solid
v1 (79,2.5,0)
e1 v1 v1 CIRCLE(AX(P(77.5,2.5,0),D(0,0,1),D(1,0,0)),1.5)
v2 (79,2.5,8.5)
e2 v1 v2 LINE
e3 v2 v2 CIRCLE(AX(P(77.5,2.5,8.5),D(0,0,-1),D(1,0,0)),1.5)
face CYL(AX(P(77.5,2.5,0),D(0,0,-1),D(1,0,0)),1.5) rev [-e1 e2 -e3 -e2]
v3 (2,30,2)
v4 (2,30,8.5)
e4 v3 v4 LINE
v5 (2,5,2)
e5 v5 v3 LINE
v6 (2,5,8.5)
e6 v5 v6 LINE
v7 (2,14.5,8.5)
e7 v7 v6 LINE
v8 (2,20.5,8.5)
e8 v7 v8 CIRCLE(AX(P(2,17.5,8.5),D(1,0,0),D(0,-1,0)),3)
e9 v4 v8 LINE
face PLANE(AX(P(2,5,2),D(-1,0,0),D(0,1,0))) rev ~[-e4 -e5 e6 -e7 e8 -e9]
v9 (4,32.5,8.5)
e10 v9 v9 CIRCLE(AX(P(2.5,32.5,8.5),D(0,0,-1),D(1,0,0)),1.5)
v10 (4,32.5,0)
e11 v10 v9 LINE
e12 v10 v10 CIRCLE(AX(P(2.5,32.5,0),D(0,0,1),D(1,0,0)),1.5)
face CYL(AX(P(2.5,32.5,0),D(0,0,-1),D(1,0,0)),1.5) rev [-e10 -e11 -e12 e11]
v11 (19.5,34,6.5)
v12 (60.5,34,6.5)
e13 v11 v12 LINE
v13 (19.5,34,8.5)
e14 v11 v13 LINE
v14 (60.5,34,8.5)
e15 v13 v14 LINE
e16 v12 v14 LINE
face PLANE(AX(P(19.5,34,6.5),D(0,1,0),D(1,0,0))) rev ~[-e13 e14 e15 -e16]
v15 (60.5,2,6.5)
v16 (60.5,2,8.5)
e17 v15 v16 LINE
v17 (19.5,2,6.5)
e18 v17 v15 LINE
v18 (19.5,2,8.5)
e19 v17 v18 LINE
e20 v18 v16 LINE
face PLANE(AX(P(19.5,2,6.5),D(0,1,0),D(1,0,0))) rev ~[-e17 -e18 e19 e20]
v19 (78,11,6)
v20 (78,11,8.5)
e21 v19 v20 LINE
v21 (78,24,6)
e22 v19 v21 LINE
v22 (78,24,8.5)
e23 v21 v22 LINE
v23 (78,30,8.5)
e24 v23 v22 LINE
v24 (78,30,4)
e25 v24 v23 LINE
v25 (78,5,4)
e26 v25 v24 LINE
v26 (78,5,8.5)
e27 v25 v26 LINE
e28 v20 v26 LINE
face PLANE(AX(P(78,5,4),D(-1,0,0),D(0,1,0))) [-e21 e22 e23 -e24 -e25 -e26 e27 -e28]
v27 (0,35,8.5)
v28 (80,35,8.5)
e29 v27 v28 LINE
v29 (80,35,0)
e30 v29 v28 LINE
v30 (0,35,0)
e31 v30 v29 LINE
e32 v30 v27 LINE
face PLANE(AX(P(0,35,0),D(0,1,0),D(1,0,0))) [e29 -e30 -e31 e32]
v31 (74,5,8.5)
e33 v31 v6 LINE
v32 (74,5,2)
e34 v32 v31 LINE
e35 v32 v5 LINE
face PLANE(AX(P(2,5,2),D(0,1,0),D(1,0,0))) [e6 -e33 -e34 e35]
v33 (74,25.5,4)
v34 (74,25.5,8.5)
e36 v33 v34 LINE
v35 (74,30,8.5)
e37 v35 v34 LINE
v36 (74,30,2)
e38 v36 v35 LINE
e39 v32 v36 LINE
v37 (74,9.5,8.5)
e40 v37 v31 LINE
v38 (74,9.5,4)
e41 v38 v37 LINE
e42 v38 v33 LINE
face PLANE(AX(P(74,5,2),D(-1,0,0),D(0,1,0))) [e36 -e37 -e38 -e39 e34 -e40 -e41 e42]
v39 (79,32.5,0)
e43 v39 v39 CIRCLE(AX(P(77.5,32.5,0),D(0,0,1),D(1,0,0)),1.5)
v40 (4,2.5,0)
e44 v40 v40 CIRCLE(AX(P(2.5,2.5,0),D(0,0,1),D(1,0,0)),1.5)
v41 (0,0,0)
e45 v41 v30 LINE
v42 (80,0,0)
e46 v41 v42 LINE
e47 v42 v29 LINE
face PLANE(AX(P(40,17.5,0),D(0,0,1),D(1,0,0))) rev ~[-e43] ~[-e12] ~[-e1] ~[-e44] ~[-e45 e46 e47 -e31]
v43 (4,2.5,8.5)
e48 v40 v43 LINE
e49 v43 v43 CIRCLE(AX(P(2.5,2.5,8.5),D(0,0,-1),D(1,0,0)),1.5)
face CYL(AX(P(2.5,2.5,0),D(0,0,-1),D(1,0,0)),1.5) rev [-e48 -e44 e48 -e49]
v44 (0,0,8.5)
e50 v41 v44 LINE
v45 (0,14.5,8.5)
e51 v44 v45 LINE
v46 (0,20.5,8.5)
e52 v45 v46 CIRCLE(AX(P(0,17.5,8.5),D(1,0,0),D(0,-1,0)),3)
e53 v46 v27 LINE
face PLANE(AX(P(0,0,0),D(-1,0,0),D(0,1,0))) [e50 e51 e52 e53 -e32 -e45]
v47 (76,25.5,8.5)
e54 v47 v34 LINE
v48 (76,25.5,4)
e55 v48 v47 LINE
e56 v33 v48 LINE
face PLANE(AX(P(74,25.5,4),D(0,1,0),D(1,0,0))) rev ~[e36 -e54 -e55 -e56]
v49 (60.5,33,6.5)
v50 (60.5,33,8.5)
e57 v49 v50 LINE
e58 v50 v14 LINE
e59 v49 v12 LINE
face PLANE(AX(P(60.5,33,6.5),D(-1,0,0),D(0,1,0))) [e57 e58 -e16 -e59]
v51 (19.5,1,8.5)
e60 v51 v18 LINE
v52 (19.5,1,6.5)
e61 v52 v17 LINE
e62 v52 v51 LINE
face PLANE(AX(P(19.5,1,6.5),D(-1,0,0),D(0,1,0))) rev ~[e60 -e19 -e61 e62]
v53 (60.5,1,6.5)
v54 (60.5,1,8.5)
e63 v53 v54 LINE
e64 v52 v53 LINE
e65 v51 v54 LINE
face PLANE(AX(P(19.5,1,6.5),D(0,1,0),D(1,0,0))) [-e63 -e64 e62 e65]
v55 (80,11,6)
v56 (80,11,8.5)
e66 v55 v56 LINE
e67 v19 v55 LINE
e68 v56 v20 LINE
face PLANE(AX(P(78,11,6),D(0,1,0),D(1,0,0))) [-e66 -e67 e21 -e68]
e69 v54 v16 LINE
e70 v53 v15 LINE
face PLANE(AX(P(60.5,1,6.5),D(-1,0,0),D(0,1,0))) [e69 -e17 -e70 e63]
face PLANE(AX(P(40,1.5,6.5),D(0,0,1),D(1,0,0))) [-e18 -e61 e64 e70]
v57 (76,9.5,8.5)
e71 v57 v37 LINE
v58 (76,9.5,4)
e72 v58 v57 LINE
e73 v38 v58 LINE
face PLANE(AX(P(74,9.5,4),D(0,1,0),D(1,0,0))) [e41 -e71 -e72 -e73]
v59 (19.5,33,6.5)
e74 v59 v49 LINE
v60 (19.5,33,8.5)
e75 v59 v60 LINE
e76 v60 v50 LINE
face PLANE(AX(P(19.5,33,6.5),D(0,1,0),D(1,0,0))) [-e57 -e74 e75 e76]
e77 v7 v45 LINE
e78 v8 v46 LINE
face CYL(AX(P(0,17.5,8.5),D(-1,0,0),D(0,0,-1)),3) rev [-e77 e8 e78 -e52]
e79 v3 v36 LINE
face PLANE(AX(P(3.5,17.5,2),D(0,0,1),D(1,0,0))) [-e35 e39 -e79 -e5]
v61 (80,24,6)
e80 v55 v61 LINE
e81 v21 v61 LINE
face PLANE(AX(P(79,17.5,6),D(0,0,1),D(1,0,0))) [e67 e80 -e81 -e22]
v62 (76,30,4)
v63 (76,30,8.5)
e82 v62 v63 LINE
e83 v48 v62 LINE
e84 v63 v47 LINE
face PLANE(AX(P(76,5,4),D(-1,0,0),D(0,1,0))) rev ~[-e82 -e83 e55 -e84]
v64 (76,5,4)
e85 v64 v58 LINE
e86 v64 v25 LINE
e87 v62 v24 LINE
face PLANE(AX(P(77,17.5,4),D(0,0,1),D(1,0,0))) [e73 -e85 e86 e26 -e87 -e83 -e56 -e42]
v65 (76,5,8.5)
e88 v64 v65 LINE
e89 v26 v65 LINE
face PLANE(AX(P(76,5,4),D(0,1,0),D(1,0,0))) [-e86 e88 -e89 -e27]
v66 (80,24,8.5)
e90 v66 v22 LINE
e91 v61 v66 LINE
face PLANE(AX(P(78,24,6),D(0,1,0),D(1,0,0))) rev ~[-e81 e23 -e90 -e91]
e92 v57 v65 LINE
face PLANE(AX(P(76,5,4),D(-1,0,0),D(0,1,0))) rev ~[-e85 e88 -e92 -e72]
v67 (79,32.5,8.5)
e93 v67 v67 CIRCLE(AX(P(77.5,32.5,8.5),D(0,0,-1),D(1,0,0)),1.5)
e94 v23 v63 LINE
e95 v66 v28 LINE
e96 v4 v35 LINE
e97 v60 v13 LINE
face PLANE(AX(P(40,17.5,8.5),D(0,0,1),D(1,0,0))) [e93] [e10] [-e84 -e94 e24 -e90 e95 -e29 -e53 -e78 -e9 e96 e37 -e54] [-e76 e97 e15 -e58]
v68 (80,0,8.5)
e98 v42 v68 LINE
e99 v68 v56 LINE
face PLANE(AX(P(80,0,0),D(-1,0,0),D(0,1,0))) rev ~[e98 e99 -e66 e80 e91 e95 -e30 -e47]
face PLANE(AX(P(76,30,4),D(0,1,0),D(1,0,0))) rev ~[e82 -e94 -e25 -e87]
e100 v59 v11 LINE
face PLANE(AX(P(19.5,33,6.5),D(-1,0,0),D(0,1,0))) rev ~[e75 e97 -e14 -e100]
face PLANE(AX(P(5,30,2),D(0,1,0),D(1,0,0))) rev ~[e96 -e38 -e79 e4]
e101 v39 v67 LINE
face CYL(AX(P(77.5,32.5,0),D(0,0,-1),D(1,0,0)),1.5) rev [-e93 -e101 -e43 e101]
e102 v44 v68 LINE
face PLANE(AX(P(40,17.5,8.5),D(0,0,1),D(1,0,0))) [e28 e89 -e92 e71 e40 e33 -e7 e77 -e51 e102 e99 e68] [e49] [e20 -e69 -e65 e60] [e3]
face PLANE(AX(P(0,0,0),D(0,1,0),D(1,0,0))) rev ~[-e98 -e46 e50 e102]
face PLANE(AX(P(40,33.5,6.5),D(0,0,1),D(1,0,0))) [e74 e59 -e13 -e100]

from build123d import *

# Parameters (mm, degrees)
BOX009_W             = 41
BOX009_H             = 1
BOX009_DEPTH         = 2
BOX008_W             = 41
BOX008_H             = 1
BOX008_DEPTH         = 2
CYLINDER004_R        = 1.5
CYLINDER004_DEPTH    = 10
CYLINDER003_R        = 1.5
CYLINDER003_DEPTH    = 10
CYLINDER002_R        = 1.5
CYLINDER002_DEPTH    = 10
CYLINDER001_R        = 1.5
CYLINDER001_DEPTH    = 10
BOX005_W             = 3
BOX005_H             = 25
BOX005_DEPTH         = 10
BOX004_W             = 2
BOX004_H             = 16
BOX004_DEPTH         = 9
BOX003_W             = 2
BOX003_H             = 13
BOX003_DEPTH         = 5
BOX002_W             = 2
BOX002_H             = 25
BOX002_DEPTH         = 9
CYLINDER_R           = 3
CYLINDER_DEPTH       = 2
CYLINDER_PITCH_ANGLE = 90
BOX001_W             = 69
BOX001_H             = 25
BOX001_DEPTH         = 13
BOX_W                = 80
BOX_H                = 35
BOX_DEPTH            = 8.5


with BuildPart() as box009:
    # Box009 → Box009 (new body)
    with BuildSketch(Plane(origin=(19.5, 1, 6.5), x_dir=(1, 0, 0), z_dir=(0, 0, 1))):
        with Locations((20.5, 0.5)):
            Rectangle(BOX009_W, BOX009_H)
    extrude(amount=BOX009_DEPTH)


with BuildPart() as box008:
    # Box008 → Box008 (new body)
    with BuildSketch(Plane(origin=(19.5, 33, 6.5), x_dir=(1, 0, 0), z_dir=(0, 0, 1))):
        with Locations((20.5, 0.5)):
            Rectangle(BOX008_W, BOX008_H)
    extrude(amount=BOX008_DEPTH)


with BuildPart() as cylinder004:
    # Cylinder004 → Cylinder004 (new body)
    with BuildSketch(Plane(origin=(2.5, 32.5, 0), x_dir=(1, 0, 0), z_dir=(0, 0, 1))):
        Circle(CYLINDER004_R)
    extrude(amount=CYLINDER004_DEPTH)


with BuildPart() as cylinder003:
    # Cylinder003 → Cylinder003 (new body)
    with BuildSketch(Plane(origin=(77.5, 32.5, 0), x_dir=(1, 0, 0), z_dir=(0, 0, 1))):
        Circle(CYLINDER003_R)
    extrude(amount=CYLINDER003_DEPTH)


with BuildPart() as cylinder002:
    # Cylinder002 → Cylinder002 (new body)
    with BuildSketch(Plane(origin=(77.5, 2.5, 0), x_dir=(1, 0, 0), z_dir=(0, 0, 1))):
        Circle(CYLINDER002_R)
    extrude(amount=CYLINDER002_DEPTH)


with BuildPart() as cylinder001:
    # Cylinder001 → Cylinder001 (new body)
    with BuildSketch(Plane(origin=(2.5, 2.5, 0), x_dir=(1, 0, 0), z_dir=(0, 0, 1))):
        Circle(CYLINDER001_R)
    extrude(amount=CYLINDER001_DEPTH)


with BuildPart() as box005:
    # Box005 → Box005 (new body)
    with BuildSketch(Plane(origin=(2, 5, 2), x_dir=(1, 0, 0), z_dir=(0, 0, 1))):
        with Locations((1.5, 12.5)):
            Rectangle(BOX005_W, BOX005_H)
    extrude(amount=BOX005_DEPTH)


with BuildPart() as box004:
    # Box004 → Box004 (new body)
    with BuildSketch(Plane(origin=(74, 9.5, 4), x_dir=(1, 0, 0), z_dir=(0, 0, 1))):
        with Locations((1, 8)):
            Rectangle(BOX004_W, BOX004_H)
    extrude(amount=BOX004_DEPTH)


with BuildPart() as u:
    # Box003 → Box003 (new body)
    with BuildSketch(Plane(origin=(78, 11, 6), x_dir=(1, 0, 0), z_dir=(0, 0, 1))):
        with Locations((1, 6.5)):
            Rectangle(BOX003_W, BOX003_H)
    extrude(amount=BOX003_DEPTH)


with BuildPart() as box002:
    # Box002 → Box002 (new body)
    with BuildSketch(Plane(origin=(76, 5, 4), x_dir=(1, 0, 0), z_dir=(0, 0, 1))):
        with Locations((1, 12.5)):
            Rectangle(BOX002_W, BOX002_H)
    extrude(amount=BOX002_DEPTH)


with BuildPart() as cylinder:
    # Cylinder → Cylinder (new body)
    with BuildSketch(Plane.XY):
        Circle(CYLINDER_R)
    extrude(amount=CYLINDER_DEPTH)


with BuildPart() as cylinder_1:
    # Cylinder pitch: moved
    add(cylinder.part.rotate(Axis((0, 0, 0), (0, 1, 0)), CYLINDER_PITCH_ANGLE))


with BuildPart() as cylinder_2:
    # Cylinder placement: moved
    add(cylinder_1.part.moved(Location((0, 17.5, 8.5))))


with BuildPart() as box001:
    # Box001 → Box001 (new body)
    with BuildSketch(Plane(origin=(5, 5, 2), x_dir=(1, 0, 0), z_dir=(0, 0, 1))):
        with Locations((34.5, 12.5)):
            Rectangle(BOX001_W, BOX001_H)
    extrude(amount=BOX001_DEPTH)


with BuildPart() as cut011:
    # Box → Box (new body)
    with BuildSketch(Plane.XY):
        with Locations((40, 17.5)):
            Rectangle(BOX_W, BOX_H)
    extrude(amount=BOX_DEPTH)

    # Cut: cut Box001
    add(box001.part, mode=Mode.SUBTRACT)

    # Cut001: cut Cylinder
    add(cylinder_2.part, mode=Mode.SUBTRACT)

    # Cut002: cut Box002
    add(box002.part, mode=Mode.SUBTRACT)

    # Cut003: cut U口
    add(u.part, mode=Mode.SUBTRACT)

    # Cut004: cut Box004
    add(box004.part, mode=Mode.SUBTRACT)

    # Cut005: cut Box005
    add(box005.part, mode=Mode.SUBTRACT)

    # Cut006: cut Cylinder001
    add(cylinder001.part, mode=Mode.SUBTRACT)

    # Cut007: cut Cylinder002
    add(cylinder002.part, mode=Mode.SUBTRACT)

    # Cut008: cut Cylinder003
    add(cylinder003.part, mode=Mode.SUBTRACT)

    # Cut009: cut Cylinder004
    add(cylinder004.part, mode=Mode.SUBTRACT)

    # Cut010: cut Box008
    add(box008.part, mode=Mode.SUBTRACT)

    # Cut011: cut Box009
    add(box009.part, mode=Mode.SUBTRACT)


solid = cut011.part
